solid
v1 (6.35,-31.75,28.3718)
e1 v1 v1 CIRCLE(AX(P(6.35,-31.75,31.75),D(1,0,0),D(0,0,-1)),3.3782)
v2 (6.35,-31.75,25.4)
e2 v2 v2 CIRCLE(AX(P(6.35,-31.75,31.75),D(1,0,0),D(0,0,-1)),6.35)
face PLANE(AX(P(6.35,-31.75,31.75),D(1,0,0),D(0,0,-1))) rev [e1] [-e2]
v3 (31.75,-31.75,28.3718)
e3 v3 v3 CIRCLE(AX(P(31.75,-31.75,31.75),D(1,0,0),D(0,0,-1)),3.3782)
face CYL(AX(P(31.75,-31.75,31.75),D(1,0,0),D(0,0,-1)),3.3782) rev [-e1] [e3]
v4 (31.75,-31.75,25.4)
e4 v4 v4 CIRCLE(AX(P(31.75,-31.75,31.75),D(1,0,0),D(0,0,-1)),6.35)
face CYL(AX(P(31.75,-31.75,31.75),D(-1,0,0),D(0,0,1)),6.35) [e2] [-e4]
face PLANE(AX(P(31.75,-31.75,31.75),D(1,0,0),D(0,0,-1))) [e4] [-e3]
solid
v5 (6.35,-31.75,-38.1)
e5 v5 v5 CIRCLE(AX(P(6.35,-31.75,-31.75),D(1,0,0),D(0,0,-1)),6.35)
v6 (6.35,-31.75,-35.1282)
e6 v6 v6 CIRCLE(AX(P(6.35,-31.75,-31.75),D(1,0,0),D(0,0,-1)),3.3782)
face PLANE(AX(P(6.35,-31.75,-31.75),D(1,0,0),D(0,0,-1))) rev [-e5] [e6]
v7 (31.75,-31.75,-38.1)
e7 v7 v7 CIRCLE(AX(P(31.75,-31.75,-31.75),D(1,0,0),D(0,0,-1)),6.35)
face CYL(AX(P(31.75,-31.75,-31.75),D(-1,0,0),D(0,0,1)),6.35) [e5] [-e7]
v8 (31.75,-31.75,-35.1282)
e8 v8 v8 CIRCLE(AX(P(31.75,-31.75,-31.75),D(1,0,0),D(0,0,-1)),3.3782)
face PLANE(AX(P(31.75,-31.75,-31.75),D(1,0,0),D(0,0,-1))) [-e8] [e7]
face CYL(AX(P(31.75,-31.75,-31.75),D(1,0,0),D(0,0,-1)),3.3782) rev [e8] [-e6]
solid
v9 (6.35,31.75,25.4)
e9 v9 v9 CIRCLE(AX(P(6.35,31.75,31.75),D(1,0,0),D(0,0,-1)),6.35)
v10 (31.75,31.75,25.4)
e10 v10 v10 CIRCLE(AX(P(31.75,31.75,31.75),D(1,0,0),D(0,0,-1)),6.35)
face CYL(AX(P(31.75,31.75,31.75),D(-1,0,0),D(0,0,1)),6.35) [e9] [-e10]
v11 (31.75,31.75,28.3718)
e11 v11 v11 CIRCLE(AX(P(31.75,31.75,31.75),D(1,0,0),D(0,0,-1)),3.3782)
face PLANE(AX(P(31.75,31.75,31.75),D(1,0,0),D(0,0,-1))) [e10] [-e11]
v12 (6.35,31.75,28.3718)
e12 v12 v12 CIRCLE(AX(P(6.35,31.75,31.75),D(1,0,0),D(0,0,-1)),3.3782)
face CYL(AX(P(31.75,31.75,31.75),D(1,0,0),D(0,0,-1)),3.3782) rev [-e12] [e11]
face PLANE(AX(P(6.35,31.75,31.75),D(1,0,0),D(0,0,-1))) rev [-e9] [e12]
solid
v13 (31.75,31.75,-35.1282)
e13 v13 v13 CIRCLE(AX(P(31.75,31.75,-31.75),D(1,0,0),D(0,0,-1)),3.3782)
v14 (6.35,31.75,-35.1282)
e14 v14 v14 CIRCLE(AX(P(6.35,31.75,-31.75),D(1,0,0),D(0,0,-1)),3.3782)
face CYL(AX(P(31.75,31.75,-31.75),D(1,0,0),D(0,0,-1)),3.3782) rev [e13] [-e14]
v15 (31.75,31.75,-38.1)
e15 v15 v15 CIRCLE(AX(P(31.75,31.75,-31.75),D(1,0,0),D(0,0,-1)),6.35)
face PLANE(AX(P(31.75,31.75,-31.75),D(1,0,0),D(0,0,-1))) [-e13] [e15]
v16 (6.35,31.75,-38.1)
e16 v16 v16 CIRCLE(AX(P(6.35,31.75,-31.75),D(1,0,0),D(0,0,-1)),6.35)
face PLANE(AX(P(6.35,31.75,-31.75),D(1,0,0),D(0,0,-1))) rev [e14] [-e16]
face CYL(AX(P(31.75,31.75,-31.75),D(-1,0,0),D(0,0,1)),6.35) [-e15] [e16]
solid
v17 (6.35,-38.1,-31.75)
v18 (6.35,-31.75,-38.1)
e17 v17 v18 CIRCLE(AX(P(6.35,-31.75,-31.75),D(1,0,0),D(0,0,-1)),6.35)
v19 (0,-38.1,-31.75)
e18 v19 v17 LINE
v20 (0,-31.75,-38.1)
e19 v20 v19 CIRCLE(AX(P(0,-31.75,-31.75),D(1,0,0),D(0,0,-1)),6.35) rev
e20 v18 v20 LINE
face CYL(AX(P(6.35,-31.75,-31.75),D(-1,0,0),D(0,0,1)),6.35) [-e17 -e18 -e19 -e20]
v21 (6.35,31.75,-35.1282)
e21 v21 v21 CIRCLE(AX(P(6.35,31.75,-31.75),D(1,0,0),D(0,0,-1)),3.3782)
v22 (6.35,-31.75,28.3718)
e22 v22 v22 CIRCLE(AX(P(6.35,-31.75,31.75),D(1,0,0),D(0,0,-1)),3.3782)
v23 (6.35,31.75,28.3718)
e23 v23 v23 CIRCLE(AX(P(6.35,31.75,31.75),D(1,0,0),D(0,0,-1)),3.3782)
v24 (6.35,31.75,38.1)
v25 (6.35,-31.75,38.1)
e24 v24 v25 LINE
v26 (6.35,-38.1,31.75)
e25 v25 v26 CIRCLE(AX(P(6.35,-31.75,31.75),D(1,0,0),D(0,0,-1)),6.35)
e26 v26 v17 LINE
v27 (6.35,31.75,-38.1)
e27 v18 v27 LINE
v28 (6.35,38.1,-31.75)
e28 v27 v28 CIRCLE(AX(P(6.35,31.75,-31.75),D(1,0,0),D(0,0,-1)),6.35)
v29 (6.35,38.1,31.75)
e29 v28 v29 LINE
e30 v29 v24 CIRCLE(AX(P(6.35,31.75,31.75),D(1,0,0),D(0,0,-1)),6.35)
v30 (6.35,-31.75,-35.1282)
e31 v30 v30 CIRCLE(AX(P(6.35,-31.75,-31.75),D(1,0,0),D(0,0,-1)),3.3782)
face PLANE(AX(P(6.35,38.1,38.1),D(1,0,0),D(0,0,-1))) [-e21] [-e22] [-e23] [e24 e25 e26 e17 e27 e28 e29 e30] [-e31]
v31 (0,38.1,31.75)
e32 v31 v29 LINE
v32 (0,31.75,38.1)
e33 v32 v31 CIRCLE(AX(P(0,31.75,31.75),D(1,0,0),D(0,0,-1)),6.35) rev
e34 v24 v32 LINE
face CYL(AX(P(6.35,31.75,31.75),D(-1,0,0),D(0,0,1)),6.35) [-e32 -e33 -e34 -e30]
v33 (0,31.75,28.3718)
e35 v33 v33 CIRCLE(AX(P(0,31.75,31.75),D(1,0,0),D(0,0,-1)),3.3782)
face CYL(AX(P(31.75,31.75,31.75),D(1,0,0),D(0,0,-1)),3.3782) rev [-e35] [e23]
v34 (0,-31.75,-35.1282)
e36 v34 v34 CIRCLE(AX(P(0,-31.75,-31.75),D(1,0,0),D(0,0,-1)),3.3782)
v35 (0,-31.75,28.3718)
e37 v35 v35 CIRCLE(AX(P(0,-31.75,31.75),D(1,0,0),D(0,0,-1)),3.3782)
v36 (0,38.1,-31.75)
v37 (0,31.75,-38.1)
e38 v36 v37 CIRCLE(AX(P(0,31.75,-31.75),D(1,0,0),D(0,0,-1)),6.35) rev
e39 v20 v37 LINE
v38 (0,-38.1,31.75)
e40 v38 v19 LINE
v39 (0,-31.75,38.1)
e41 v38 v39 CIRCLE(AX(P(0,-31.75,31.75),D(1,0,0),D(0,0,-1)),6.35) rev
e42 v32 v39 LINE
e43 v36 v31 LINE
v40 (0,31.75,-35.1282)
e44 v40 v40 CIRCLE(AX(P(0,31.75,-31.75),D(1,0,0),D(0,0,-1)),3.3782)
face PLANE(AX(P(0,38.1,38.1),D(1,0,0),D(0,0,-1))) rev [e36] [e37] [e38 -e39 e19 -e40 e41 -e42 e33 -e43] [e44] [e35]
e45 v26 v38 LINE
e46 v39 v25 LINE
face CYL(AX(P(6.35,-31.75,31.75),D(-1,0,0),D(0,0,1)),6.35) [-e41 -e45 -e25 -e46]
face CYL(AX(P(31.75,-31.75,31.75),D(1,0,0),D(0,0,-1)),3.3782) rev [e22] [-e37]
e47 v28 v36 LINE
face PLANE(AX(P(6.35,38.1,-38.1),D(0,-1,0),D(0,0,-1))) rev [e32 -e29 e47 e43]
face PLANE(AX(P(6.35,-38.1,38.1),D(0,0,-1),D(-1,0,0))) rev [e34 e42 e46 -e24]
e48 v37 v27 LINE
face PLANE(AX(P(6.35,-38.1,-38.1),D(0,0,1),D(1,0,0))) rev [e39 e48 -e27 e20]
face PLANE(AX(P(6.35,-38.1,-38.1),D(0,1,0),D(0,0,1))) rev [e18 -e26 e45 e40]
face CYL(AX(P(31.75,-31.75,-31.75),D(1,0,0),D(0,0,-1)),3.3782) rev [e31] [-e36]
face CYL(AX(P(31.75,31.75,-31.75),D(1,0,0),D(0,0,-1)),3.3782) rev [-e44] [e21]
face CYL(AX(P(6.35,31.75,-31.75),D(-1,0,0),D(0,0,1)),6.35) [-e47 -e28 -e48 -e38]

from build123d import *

# Parameters (mm, degrees)
SKETCH1_W                         = 76.2
SKETCH1_H                         = 76.2
BOSS_EXTRUDE1_DEPTH               = 6.35
FILLET1_R                         = 6.35
SKETCH3_R                         = 6.35
BOSS_EXTRUDE2_DEPTH               = 25.4
BOSS_EXTRUDE2_2_DEPTH             = 25.4
BOSS_EXTRUDE2_3_DEPTH             = 25.4
BOSS_EXTRUDE2_4_DEPTH             = 25.4
SKETCH4_W                         = 3.3782
SKETCH4_H                         = 31.75
H_0_266_DIAMETER_HOLE1_AT_2_COUNT = 2
H_0_266_DIAMETER_HOLE1_AT_2_PITCH = 89.802561211
H_0_266_DIAMETER_HOLE1_AT_3_COUNT = 2
H_0_266_DIAMETER_HOLE1_AT_3_PITCH = 63.5
H_0_266_DIAMETER_HOLE1_AT_4_COUNT = 2
H_0_266_DIAMETER_HOLE1_AT_4_PITCH = 63.5


with BuildPart() as part:
    # Sketch1 → Boss-Extrude1 (new body)
    with BuildSketch(Plane(origin=(0, 0, 0), x_dir=(0, 0, -1), z_dir=(1, 0, 0))):
        Rectangle(SKETCH1_W, SKETCH1_H)
    extrude(amount=BOSS_EXTRUDE1_DEPTH)

    # Fillet1
    fillet1_edges = [part.edges().sort_by_distance(p)[0] for p in [
        (3.175, 38.1, 38.1),
        (3.175, 38.1, -38.1),
        (3.175, -38.1, -38.1),
        (3.175, -38.1, 38.1),
    ]]
    fillet(fillet1_edges, radius=FILLET1_R)


with BuildPart() as body_2:
    # Sketch3 → Boss-Extrude2 (new body)
    with BuildSketch(Plane(origin=(6.35, 0, 0), x_dir=(0, 0, -1), z_dir=(1, 0, 0))):
        with Locations((31.75, 31.75)):
            Circle(SKETCH3_R)
    extrude(amount=BOSS_EXTRUDE2_DEPTH)


with BuildPart() as body_3:
    # Sketch3 → Boss-Extrude2 2 (new body)
    with BuildSketch(Plane(origin=(6.35, 0, 0), x_dir=(0, 0, -1), z_dir=(1, 0, 0))):
        with Locations((31.75, -31.75)):
            Circle(SKETCH3_R)
    extrude(amount=BOSS_EXTRUDE2_2_DEPTH)


with BuildPart() as body_4:
    # Sketch3 → Boss-Extrude2 3 (new body)
    with BuildSketch(Plane(origin=(6.35, 0, 0), x_dir=(0, 0, -1), z_dir=(1, 0, 0))):
        with Locations((-31.75, -31.75)):
            Circle(SKETCH3_R)
    extrude(amount=BOSS_EXTRUDE2_3_DEPTH)


with BuildPart() as body_5:
    # Sketch3 → Boss-Extrude2 4 (new body)
    with BuildSketch(Plane(origin=(6.35, 0, 0), x_dir=(0, 0, -1), z_dir=(1, 0, 0))):
        with Locations((-31.75, 31.75)):
            Circle(SKETCH3_R)
    extrude(amount=BOSS_EXTRUDE2_4_DEPTH)


with BuildPart() as h_0_266_diameter_hole1_tool:
    # Sketch4 → H (0.266) Diameter Hole1 (revolve)
    with BuildSketch(Plane(origin=(31.75, 31.75, -31.75), x_dir=(0, 0, -1), z_dir=(0, 1, 0))):
        with Locations((1.6891, 15.875)):
            Rectangle(SKETCH4_W, SKETCH4_H)
    h_0_266_diameter_hole1 = revolve(axis=Axis((38.1, 31.75, -31.75), (-1, 0, 0)))


with BuildPart() as part_1:
    add(part.part)

    # H (0.266) Diameter Hole1: cut by h_0_266_diameter_hole1_tool
    add(h_0_266_diameter_hole1_tool.part, mode=Mode.SUBTRACT)


with BuildPart() as body_2_1:
    add(body_2.part)

    # H (0.266) Diameter Hole1: cut by h_0_266_diameter_hole1_tool
    add(h_0_266_diameter_hole1_tool.part, mode=Mode.SUBTRACT)


with BuildPart() as h_0_266_diameter_hole1_at_2_tool:
    # H (0.266) Diameter Hole1 at 2: H (0.266) Diameter Hole1 ×2
    with Locations(*[Vector(0, -0.7071067811865476, 0.7071067811865475) * (i * H_0_266_DIAMETER_HOLE1_AT_2_PITCH) for i in range(1, H_0_266_DIAMETER_HOLE1_AT_2_COUNT)]):
        add(h_0_266_diameter_hole1)


with BuildPart() as part_2:
    add(part_1.part)

    # H (0.266) Diameter Hole1 at 2: cut by h_0_266_diameter_hole1_at_2_tool
    add(h_0_266_diameter_hole1_at_2_tool.part, mode=Mode.SUBTRACT)


with BuildPart() as body_4_1:
    add(body_4.part)

    # H (0.266) Diameter Hole1 at 2: cut by h_0_266_diameter_hole1_at_2_tool
    add(h_0_266_diameter_hole1_at_2_tool.part, mode=Mode.SUBTRACT)


with BuildPart() as h_0_266_diameter_hole1_at_3_tool:
    # H (0.266) Diameter Hole1 at 3: H (0.266) Diameter Hole1 ×2
    with Locations(*[(0, 0, i * H_0_266_DIAMETER_HOLE1_AT_3_PITCH) for i in range(1, H_0_266_DIAMETER_HOLE1_AT_3_COUNT)]):
        add(h_0_266_diameter_hole1)


with BuildPart() as part_3:
    add(part_2.part)

    # H (0.266) Diameter Hole1 at 3: cut by h_0_266_diameter_hole1_at_3_tool
    add(h_0_266_diameter_hole1_at_3_tool.part, mode=Mode.SUBTRACT)


with BuildPart() as body_5_1:
    add(body_5.part)

    # H (0.266) Diameter Hole1 at 3: cut by h_0_266_diameter_hole1_at_3_tool
    add(h_0_266_diameter_hole1_at_3_tool.part, mode=Mode.SUBTRACT)


with BuildPart() as h_0_266_diameter_hole1_at_4_tool:
    # H (0.266) Diameter Hole1 at 4: H (0.266) Diameter Hole1 ×2
    with Locations(*[(0, -i * H_0_266_DIAMETER_HOLE1_AT_4_PITCH, 0) for i in range(1, H_0_266_DIAMETER_HOLE1_AT_4_COUNT)]):
        add(h_0_266_diameter_hole1)


with BuildPart() as part_4:
    add(part_3.part)

    # H (0.266) Diameter Hole1 at 4: cut by h_0_266_diameter_hole1_at_4_tool
    add(h_0_266_diameter_hole1_at_4_tool.part, mode=Mode.SUBTRACT)


with BuildPart() as body_3_1:
    add(body_3.part)

    # H (0.266) Diameter Hole1 at 4: cut by h_0_266_diameter_hole1_at_4_tool
    add(h_0_266_diameter_hole1_at_4_tool.part, mode=Mode.SUBTRACT)


solid = Compound([body_2_1.part, body_4_1.part, body_5_1.part, part_4.part, body_3_1.part])
